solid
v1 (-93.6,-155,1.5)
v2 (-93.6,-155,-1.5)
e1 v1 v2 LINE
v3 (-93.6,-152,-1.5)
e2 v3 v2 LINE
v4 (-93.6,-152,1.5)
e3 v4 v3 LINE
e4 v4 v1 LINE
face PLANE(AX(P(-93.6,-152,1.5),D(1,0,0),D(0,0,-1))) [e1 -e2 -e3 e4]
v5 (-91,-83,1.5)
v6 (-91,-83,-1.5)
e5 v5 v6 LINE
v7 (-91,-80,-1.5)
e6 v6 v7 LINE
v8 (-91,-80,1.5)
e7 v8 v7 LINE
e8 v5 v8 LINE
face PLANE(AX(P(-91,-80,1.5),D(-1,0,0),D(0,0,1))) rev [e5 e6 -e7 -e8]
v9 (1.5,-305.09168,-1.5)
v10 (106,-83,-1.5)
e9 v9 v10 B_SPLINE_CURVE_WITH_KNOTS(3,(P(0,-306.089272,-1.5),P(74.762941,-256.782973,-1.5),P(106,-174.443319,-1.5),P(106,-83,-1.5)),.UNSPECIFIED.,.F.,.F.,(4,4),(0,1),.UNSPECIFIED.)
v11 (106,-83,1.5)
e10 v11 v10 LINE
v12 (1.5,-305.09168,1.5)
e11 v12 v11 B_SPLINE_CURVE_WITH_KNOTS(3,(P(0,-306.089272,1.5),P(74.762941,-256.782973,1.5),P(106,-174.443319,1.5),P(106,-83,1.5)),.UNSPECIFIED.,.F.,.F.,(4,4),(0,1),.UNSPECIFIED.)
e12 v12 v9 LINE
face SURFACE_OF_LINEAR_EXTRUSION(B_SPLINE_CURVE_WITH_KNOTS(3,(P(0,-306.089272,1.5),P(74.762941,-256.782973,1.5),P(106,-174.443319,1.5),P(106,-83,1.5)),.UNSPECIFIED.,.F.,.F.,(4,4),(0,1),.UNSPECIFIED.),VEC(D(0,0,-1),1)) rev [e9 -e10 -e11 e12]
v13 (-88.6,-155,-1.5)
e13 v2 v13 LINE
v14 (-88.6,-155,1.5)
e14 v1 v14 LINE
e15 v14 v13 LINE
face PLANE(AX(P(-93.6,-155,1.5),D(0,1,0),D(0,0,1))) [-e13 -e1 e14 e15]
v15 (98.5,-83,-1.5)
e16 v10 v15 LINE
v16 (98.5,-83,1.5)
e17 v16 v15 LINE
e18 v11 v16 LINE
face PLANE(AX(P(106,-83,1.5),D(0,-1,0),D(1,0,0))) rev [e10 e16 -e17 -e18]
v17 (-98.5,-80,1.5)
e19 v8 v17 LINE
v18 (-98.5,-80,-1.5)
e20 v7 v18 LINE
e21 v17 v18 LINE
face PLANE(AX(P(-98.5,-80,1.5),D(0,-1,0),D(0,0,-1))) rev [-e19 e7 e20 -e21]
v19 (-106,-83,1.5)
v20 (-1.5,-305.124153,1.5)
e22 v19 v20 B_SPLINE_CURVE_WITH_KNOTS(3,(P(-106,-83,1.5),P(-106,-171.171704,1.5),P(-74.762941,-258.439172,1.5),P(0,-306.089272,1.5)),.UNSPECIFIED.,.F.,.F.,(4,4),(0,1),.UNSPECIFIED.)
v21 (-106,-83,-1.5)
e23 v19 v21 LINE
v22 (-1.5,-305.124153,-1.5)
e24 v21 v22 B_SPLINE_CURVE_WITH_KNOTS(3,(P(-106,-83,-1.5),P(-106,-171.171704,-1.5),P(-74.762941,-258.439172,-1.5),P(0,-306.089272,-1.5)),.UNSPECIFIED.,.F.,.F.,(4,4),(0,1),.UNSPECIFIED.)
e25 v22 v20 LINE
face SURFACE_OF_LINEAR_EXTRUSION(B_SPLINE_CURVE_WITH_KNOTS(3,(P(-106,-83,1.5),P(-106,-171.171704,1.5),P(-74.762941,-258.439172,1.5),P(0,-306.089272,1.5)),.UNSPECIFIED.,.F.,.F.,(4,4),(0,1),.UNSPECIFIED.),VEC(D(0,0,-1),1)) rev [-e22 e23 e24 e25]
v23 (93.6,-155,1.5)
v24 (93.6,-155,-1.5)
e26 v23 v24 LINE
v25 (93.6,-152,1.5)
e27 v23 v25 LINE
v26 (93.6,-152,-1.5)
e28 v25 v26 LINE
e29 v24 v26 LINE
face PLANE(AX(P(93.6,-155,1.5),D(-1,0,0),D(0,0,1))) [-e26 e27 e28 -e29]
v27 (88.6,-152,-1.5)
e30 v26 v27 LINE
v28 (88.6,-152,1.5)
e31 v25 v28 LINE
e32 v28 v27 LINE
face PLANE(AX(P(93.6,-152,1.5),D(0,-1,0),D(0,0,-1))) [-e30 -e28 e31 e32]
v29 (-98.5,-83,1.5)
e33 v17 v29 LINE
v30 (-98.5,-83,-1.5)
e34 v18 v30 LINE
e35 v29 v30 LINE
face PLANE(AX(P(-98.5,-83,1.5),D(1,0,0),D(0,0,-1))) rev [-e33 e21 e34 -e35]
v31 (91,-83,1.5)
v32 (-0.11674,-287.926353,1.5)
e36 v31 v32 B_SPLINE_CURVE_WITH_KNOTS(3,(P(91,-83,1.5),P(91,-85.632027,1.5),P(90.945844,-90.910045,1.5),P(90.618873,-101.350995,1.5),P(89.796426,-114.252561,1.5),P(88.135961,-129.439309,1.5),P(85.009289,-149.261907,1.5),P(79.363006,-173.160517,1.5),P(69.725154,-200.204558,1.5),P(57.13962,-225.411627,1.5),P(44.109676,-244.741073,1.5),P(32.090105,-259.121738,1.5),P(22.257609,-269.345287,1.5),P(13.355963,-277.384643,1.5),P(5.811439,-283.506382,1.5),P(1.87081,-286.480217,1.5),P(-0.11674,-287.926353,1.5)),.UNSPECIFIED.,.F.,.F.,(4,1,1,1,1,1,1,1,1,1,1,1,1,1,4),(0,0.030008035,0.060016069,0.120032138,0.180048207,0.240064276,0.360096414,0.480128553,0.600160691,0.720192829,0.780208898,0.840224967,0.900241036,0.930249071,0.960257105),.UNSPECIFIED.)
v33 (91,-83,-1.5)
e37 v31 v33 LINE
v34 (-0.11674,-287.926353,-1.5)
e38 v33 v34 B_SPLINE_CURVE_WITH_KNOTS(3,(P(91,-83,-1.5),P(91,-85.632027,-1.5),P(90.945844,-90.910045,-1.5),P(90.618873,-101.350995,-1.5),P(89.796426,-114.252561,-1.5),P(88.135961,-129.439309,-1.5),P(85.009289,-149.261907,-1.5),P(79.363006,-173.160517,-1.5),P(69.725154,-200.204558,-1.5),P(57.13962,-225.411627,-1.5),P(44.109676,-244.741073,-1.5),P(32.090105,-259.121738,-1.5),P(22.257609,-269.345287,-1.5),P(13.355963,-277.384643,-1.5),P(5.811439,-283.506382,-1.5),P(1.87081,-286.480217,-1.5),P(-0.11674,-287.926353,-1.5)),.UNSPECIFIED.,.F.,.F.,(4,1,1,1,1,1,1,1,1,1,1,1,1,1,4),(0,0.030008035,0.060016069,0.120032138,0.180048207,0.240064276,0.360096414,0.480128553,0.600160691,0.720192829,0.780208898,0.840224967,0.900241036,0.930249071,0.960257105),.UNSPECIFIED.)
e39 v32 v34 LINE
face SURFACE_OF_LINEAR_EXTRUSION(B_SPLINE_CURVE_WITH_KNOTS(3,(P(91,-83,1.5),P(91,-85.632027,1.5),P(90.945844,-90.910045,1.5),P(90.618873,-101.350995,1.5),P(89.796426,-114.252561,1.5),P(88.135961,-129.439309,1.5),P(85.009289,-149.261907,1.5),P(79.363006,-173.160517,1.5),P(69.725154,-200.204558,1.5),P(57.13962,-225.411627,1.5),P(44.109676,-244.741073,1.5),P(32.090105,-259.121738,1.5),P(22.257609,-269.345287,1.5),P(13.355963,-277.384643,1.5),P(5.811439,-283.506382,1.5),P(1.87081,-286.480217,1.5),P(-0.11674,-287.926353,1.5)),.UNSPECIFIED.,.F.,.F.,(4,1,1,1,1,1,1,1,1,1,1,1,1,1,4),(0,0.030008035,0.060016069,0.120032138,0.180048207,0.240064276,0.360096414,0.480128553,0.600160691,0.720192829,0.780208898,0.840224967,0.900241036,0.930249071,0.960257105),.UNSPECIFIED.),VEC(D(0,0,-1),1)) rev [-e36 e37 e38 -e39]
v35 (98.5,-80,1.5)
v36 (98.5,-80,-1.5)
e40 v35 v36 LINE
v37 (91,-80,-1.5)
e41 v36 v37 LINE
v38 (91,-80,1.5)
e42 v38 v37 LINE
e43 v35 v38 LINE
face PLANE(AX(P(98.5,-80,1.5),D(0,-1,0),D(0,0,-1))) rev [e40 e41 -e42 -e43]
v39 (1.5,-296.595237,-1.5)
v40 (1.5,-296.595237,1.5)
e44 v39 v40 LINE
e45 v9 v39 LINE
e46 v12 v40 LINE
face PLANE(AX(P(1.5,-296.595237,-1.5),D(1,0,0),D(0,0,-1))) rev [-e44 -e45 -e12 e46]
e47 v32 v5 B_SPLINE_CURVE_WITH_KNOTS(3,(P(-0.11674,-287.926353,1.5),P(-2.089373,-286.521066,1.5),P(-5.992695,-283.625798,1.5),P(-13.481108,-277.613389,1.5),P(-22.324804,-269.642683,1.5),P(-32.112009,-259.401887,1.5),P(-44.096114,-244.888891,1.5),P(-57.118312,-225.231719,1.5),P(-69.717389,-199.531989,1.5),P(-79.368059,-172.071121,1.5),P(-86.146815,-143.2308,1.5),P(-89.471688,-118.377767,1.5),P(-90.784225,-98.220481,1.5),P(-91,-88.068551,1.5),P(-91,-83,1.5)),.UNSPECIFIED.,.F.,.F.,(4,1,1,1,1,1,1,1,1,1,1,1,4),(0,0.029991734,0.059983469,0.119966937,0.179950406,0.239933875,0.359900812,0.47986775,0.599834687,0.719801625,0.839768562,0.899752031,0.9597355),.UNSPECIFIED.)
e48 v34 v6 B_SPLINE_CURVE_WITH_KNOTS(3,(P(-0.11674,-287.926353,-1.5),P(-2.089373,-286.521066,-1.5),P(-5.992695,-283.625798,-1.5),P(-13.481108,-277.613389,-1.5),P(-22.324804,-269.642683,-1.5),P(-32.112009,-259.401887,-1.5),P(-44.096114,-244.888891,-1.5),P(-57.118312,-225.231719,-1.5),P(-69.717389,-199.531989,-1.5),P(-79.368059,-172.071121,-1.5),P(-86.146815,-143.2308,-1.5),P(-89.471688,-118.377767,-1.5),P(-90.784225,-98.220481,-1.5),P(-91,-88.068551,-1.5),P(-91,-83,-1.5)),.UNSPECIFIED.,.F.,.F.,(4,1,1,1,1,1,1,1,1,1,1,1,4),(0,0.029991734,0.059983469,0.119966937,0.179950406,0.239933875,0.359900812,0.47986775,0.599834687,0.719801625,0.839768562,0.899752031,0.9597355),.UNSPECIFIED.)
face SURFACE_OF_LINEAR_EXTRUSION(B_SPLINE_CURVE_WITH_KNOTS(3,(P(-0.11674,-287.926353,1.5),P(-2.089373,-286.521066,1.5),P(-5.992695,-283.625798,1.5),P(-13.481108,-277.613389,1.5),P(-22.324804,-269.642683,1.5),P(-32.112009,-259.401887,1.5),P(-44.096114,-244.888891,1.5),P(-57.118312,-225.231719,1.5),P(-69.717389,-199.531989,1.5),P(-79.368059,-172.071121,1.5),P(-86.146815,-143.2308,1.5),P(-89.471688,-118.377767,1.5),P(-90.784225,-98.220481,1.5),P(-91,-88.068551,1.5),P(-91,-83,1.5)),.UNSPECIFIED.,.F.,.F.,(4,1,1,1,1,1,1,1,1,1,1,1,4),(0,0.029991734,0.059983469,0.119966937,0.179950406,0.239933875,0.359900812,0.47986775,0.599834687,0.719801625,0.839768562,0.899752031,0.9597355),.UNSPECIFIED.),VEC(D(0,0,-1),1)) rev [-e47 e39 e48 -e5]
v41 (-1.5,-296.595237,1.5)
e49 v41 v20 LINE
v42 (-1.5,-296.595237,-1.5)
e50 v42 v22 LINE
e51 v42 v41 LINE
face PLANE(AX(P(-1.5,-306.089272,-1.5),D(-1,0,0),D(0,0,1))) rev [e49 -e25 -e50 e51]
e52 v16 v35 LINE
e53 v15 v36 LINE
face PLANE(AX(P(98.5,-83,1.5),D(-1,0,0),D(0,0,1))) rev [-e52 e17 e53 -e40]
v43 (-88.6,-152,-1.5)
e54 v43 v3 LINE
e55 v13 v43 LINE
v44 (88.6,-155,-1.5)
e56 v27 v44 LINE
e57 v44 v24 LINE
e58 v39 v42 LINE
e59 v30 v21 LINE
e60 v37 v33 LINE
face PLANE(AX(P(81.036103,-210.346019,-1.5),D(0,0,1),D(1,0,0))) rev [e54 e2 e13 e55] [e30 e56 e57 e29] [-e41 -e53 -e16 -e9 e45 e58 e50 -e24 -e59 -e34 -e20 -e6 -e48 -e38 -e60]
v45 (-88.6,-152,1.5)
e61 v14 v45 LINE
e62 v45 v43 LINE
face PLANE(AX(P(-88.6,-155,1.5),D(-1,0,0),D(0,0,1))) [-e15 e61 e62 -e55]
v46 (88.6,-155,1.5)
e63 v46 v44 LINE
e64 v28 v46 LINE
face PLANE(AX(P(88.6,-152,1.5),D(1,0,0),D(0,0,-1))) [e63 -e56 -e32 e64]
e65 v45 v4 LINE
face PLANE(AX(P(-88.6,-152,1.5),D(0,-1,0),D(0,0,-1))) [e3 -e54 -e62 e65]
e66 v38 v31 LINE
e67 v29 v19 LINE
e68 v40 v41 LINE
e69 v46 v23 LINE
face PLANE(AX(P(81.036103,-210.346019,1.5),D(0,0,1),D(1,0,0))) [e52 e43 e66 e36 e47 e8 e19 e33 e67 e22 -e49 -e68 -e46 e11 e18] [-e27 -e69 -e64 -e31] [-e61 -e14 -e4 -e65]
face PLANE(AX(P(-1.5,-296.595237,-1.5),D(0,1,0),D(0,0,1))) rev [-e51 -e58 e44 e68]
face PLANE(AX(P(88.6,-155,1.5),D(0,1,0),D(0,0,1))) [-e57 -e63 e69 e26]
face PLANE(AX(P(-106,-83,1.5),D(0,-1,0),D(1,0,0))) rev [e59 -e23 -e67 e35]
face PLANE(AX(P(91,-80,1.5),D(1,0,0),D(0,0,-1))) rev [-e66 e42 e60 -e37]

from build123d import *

# Parameters (mm, degrees)
SKETCH1_W           = 5
SKETCH1_H           = 3
BOSS_EXTRUDE1_DEPTH = 1.5
SKETCH2_W           = 3
SKETCH2_H           = 9.494035225
CUT_EXTRUDE1_DEPTH  = 3


with BuildPart() as part:
    # Sketch1 → Boss-Extrude1 (new body, symmetric)
    with BuildSketch(Plane.XY):
        with BuildLine():
            Line((-106, -83), (-98.5, -83))
            Line((-98.5, -83), (-98.5, -80))
            Line((-98.5, -80), (-91, -80))
            Line((-91, -80), (-91, -83))
            add(Edge.make_bspline(
                [(-91, -83), (-91, -88.068550738), (-90.784224976, -98.220481237), (-89.47168793, -118.377767283), (-86.146815138, -143.230800288), (-79.368059247, -172.071120857), (-69.71738881, -199.531988744), (-57.11831244, -225.231718508), (-44.09611353, -244.888891231), (-32.112008882, -259.401886537), (-22.324804426, -269.642683196), (-13.481107719, -277.613388782), (-5.992695326, -283.625797901), (-2.089373231, -286.521065709), (-0.116739636, -287.926353347)],
                knots=[0, 0, 0, 0, 0.059983469, 0.119966937, 0.239933875, 0.359900812, 0.47986775, 0.599834687, 0.719801625, 0.779785093, 0.839768562, 0.899752031, 0.929743765, 0.9597355, 0.9597355, 0.9597355, 0.9597355], degree=3))
            add(Edge.make_bspline(
                [(-0.116739636, -287.926353347), (1.870810321, -286.480217138), (5.811438827, -283.506382084), (13.355962702, -277.384642576), (22.257609381, -269.345287034), (32.090104581, -259.121737951), (44.109675826, -244.741072781), (57.139620096, -225.411627313), (69.725154077, -200.204558319), (79.363006417, -173.160517049), (85.009288933, -149.261906753), (88.135960803, -129.439309105), (89.796426225, -114.252560891), (90.618872692, -101.350995082), (90.945843548, -90.910045133), (91, -85.632026579), (91, -83)],
                knots=[0, 0, 0, 0, 0.030008035, 0.060016069, 0.120032138, 0.180048207, 0.240064276, 0.360096414, 0.480128553, 0.600160691, 0.720192829, 0.780208898, 0.840224967, 0.900241036, 0.930249071, 0.960257105, 0.960257105, 0.960257105, 0.960257105], degree=3))
            Line((91, -83), (91, -80))
            Line((91, -80), (98.5, -80))
            Line((98.5, -80), (98.5, -83))
            Line((98.5, -83), (106, -83))
            add(Edge.make_bspline(
                [(106, -83), (106, -174.443319162), (74.762940933, -256.782973383), (0, -306.089272366)],
                knots=[0, 0, 0, 0, 1, 1, 1, 1], degree=3))
            add(Edge.make_bspline(
                [(-106, -83), (-106, -171.171703536), (-74.762940933, -258.439171974), (0, -306.089272366)],
                knots=[0, 0, 0, 0, 1, 1, 1, 1], degree=3))
        make_face()
        with Locations((-91.1, -153.5)):
            Rectangle(SKETCH1_W, SKETCH1_H, mode=Mode.SUBTRACT)
        with Locations((91.1, -153.5)):
            Rectangle(SKETCH1_W, SKETCH1_H, mode=Mode.SUBTRACT)
    extrude(amount=BOSS_EXTRUDE1_DEPTH, both=True)

    # Sketch2 → Cut-Extrude1 (cut)
    with BuildSketch(Plane.XY.offset(1.5)):
        with Locations((0, -301.342254754)):
            Rectangle(SKETCH2_W, SKETCH2_H)
    extrude(amount=-CUT_EXTRUDE1_DEPTH, mode=Mode.SUBTRACT)


solid = part.part
